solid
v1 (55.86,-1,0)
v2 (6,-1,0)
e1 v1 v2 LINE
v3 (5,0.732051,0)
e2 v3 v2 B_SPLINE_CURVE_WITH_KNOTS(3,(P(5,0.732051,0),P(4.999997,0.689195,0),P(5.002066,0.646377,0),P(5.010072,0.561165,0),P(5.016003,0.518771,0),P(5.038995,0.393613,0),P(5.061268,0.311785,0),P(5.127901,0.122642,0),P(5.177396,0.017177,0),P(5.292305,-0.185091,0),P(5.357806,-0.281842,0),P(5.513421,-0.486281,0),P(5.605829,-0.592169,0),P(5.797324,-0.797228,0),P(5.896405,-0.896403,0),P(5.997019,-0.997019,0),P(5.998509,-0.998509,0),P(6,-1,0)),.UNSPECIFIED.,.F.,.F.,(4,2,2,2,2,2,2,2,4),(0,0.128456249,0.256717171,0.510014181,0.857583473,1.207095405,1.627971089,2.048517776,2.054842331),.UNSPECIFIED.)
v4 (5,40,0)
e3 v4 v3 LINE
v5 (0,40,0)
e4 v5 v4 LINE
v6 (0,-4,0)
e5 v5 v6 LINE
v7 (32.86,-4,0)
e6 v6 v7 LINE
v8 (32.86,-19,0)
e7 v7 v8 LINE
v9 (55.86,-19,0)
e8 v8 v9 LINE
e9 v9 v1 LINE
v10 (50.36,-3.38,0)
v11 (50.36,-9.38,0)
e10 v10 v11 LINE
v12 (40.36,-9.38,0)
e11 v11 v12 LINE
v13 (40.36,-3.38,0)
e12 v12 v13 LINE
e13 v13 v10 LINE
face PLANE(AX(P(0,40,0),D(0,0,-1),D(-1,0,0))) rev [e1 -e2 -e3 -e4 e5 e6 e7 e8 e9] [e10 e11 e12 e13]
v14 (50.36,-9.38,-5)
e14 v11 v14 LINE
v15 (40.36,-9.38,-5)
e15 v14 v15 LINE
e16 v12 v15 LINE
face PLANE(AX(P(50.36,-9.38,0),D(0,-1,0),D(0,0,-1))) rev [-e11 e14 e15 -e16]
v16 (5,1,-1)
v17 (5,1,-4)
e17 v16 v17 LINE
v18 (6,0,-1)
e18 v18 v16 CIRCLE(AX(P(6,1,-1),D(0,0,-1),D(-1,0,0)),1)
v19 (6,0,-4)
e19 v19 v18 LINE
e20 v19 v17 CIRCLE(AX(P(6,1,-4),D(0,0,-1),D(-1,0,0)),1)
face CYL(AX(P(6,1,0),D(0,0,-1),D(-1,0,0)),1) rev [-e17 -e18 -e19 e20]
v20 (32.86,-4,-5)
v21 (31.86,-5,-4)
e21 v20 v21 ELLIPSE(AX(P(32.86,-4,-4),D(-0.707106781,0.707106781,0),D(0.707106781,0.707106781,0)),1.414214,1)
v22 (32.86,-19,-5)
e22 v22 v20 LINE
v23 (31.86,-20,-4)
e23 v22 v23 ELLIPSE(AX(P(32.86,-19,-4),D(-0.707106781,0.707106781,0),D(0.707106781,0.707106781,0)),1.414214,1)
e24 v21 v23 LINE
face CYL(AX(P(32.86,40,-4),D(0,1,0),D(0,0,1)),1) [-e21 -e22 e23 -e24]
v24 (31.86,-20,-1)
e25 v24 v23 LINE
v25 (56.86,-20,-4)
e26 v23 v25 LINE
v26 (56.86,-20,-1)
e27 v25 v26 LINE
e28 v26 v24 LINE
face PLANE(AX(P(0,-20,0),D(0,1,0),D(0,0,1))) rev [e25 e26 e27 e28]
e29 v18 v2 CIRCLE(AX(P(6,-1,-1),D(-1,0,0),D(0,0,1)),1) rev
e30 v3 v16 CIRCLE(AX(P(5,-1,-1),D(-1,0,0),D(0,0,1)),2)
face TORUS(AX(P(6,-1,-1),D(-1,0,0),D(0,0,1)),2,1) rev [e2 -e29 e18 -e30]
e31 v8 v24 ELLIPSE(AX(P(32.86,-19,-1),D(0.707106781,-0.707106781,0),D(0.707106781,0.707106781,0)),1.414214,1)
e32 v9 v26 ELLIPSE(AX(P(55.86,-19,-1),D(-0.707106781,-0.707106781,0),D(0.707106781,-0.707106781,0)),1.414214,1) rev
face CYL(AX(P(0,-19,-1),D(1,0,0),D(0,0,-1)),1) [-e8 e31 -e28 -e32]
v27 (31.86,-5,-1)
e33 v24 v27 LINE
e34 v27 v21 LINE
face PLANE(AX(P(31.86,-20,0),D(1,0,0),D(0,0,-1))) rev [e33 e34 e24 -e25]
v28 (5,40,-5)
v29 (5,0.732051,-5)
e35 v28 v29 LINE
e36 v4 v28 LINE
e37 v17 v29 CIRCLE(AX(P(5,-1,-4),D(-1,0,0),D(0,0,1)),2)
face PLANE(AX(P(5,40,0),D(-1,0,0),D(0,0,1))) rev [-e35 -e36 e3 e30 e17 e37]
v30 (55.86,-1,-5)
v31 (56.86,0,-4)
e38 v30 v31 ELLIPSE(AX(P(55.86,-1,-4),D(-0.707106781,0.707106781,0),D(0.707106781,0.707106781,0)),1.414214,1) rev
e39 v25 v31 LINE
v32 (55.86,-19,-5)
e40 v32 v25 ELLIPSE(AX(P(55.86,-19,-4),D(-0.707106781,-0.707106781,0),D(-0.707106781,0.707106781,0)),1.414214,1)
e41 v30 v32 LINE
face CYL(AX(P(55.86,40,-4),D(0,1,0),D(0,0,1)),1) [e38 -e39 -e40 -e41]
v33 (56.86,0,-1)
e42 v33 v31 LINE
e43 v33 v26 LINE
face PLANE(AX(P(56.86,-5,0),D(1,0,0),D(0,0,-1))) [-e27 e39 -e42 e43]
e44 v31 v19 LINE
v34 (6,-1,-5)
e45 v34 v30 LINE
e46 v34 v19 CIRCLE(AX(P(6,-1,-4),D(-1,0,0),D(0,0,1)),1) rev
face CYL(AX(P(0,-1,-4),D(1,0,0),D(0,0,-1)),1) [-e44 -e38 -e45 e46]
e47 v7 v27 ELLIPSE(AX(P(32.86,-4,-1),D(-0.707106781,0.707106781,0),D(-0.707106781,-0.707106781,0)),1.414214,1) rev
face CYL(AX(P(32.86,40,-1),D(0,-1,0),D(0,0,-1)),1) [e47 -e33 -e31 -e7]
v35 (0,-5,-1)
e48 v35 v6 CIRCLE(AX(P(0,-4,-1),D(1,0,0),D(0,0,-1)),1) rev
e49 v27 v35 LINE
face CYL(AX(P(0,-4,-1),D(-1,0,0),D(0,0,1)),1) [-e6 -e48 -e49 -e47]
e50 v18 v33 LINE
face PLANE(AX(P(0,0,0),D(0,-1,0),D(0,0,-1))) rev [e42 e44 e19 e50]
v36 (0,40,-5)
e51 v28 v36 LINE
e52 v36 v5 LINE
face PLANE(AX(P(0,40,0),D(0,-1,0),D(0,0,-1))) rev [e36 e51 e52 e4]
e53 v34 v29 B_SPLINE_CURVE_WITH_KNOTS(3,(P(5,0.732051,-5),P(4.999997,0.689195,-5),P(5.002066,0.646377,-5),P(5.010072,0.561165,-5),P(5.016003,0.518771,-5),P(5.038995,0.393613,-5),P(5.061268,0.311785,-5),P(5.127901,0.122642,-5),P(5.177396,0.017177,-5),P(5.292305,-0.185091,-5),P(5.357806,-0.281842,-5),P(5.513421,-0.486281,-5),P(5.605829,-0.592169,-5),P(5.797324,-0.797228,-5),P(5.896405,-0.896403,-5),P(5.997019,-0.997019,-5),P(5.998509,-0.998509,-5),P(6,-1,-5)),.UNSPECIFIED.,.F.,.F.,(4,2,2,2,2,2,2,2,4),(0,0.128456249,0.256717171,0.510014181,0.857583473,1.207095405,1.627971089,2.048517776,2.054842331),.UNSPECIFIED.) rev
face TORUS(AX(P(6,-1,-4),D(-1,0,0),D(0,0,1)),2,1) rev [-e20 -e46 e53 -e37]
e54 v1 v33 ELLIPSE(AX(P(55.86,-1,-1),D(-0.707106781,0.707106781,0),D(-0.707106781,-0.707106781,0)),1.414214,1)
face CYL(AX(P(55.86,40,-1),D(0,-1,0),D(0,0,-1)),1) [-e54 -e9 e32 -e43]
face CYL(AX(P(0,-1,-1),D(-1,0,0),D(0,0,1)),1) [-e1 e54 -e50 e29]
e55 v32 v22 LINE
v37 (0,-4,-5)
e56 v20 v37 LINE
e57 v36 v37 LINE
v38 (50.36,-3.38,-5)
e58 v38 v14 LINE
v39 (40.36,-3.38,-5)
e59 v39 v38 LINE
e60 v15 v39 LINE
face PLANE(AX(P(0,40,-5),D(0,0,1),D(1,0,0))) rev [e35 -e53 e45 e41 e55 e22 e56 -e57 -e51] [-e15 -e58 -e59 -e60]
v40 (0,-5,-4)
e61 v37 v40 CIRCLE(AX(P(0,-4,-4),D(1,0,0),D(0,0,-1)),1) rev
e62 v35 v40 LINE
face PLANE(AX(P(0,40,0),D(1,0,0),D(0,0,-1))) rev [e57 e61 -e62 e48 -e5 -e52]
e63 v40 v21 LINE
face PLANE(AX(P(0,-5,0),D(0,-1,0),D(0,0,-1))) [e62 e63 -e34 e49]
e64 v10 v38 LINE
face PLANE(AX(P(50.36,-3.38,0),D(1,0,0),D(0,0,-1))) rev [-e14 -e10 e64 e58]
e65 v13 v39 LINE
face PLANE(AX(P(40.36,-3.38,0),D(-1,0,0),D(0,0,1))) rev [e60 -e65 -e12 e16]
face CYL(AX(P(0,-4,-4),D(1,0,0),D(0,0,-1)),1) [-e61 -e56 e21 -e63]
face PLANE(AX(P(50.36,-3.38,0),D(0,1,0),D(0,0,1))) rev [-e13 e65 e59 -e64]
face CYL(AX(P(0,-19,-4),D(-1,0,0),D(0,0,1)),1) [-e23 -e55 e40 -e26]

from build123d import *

# Parameters (mm, degrees)
SKETCH1_W           = 5
SKETCH1_H           = 5
BOSS_EXTRUDE1_DEPTH = 40
SKETCH2_W           = 51.86
SKETCH2_H           = 5
SKETCH2_W_2         = 5
BOSS_EXTRUDE3_DEPTH = 5
SKETCH4_W           = 25
SKETCH4_H           = 5
BOSS_EXTRUDE4_DEPTH = 15
FILLET1_R           = 1
FILLET2_R           = 1
FILLET3_R           = 1
SKETCH5_W           = 10
SKETCH5_H           = 6
CUT_EXTRUDE1_DEPTH  = 70.699782068


with BuildPart() as part:
    # Sketch1 → Boss-Extrude1 (new body)
    with BuildSketch(Plane(origin=(0, 0, 0), x_dir=(1, 0, 0), z_dir=(0, 1, 0))):
        with Locations((2.5, 2.5)):
            Rectangle(SKETCH1_W, SKETCH1_H)
    extrude(amount=BOSS_EXTRUDE1_DEPTH)

    # Sketch2 → Boss-Extrude3 (add)
    with BuildSketch(Plane.XZ):
        with Locations((30.93, -2.5)):
            Rectangle(SKETCH2_W, SKETCH2_H)
        with Locations((2.5, -2.5)):
            Rectangle(SKETCH2_W_2, SKETCH2_H)
    extrude(amount=BOSS_EXTRUDE3_DEPTH)

    # Sketch4 → Boss-Extrude4 (add)
    with BuildSketch(Plane.XZ.offset(5)):
        with Locations((44.36, -2.5)):
            Rectangle(SKETCH4_W, SKETCH4_H)
    extrude(amount=BOSS_EXTRUDE4_DEPTH)

    # Fillet1
    fillet1_edges = [part.edges().sort_by_distance(p)[0] for p in [
        (15.93, -5, 0),
        (56.86, -10, 0),
        (30.93, 0, 0),
        (31.86, -12.5, 0),
        (44.36, -20, 0),
    ]]
    fillet(fillet1_edges, radius=FILLET1_R)

    # Fillet2
    fillet2_edges = [part.edges().sort_by_distance(p)[0] for p in [
        (56.86, -10, -5),
        (30.93, 0, -5),
        (15.93, -5, -5),
        (31.86, -12.5, -5),
        (44.36, -20, -5),
    ]]
    fillet(fillet2_edges, radius=FILLET2_R)

    # Fillet3
    fillet3_edges = [part.edges().sort_by_distance(p)[0] for p in [
        (5, 0, -2.5),
        (5, -0.292893219, -0.292893219),
        (5, -0.292893219, -4.707106781),
    ]]
    fillet(fillet3_edges, radius=FILLET3_R)

    # Sketch5 → Cut-Extrude1 (cut, through all)
    with BuildSketch(Plane(origin=(0, 0, -5), x_dir=(-1, 0, 0), z_dir=(0, 0, -1))):
        with Locations((-45.36, -6.38)):
            Rectangle(SKETCH5_W, SKETCH5_H)
    extrude(amount=-CUT_EXTRUDE1_DEPTH, mode=Mode.SUBTRACT)


solid = part.part
